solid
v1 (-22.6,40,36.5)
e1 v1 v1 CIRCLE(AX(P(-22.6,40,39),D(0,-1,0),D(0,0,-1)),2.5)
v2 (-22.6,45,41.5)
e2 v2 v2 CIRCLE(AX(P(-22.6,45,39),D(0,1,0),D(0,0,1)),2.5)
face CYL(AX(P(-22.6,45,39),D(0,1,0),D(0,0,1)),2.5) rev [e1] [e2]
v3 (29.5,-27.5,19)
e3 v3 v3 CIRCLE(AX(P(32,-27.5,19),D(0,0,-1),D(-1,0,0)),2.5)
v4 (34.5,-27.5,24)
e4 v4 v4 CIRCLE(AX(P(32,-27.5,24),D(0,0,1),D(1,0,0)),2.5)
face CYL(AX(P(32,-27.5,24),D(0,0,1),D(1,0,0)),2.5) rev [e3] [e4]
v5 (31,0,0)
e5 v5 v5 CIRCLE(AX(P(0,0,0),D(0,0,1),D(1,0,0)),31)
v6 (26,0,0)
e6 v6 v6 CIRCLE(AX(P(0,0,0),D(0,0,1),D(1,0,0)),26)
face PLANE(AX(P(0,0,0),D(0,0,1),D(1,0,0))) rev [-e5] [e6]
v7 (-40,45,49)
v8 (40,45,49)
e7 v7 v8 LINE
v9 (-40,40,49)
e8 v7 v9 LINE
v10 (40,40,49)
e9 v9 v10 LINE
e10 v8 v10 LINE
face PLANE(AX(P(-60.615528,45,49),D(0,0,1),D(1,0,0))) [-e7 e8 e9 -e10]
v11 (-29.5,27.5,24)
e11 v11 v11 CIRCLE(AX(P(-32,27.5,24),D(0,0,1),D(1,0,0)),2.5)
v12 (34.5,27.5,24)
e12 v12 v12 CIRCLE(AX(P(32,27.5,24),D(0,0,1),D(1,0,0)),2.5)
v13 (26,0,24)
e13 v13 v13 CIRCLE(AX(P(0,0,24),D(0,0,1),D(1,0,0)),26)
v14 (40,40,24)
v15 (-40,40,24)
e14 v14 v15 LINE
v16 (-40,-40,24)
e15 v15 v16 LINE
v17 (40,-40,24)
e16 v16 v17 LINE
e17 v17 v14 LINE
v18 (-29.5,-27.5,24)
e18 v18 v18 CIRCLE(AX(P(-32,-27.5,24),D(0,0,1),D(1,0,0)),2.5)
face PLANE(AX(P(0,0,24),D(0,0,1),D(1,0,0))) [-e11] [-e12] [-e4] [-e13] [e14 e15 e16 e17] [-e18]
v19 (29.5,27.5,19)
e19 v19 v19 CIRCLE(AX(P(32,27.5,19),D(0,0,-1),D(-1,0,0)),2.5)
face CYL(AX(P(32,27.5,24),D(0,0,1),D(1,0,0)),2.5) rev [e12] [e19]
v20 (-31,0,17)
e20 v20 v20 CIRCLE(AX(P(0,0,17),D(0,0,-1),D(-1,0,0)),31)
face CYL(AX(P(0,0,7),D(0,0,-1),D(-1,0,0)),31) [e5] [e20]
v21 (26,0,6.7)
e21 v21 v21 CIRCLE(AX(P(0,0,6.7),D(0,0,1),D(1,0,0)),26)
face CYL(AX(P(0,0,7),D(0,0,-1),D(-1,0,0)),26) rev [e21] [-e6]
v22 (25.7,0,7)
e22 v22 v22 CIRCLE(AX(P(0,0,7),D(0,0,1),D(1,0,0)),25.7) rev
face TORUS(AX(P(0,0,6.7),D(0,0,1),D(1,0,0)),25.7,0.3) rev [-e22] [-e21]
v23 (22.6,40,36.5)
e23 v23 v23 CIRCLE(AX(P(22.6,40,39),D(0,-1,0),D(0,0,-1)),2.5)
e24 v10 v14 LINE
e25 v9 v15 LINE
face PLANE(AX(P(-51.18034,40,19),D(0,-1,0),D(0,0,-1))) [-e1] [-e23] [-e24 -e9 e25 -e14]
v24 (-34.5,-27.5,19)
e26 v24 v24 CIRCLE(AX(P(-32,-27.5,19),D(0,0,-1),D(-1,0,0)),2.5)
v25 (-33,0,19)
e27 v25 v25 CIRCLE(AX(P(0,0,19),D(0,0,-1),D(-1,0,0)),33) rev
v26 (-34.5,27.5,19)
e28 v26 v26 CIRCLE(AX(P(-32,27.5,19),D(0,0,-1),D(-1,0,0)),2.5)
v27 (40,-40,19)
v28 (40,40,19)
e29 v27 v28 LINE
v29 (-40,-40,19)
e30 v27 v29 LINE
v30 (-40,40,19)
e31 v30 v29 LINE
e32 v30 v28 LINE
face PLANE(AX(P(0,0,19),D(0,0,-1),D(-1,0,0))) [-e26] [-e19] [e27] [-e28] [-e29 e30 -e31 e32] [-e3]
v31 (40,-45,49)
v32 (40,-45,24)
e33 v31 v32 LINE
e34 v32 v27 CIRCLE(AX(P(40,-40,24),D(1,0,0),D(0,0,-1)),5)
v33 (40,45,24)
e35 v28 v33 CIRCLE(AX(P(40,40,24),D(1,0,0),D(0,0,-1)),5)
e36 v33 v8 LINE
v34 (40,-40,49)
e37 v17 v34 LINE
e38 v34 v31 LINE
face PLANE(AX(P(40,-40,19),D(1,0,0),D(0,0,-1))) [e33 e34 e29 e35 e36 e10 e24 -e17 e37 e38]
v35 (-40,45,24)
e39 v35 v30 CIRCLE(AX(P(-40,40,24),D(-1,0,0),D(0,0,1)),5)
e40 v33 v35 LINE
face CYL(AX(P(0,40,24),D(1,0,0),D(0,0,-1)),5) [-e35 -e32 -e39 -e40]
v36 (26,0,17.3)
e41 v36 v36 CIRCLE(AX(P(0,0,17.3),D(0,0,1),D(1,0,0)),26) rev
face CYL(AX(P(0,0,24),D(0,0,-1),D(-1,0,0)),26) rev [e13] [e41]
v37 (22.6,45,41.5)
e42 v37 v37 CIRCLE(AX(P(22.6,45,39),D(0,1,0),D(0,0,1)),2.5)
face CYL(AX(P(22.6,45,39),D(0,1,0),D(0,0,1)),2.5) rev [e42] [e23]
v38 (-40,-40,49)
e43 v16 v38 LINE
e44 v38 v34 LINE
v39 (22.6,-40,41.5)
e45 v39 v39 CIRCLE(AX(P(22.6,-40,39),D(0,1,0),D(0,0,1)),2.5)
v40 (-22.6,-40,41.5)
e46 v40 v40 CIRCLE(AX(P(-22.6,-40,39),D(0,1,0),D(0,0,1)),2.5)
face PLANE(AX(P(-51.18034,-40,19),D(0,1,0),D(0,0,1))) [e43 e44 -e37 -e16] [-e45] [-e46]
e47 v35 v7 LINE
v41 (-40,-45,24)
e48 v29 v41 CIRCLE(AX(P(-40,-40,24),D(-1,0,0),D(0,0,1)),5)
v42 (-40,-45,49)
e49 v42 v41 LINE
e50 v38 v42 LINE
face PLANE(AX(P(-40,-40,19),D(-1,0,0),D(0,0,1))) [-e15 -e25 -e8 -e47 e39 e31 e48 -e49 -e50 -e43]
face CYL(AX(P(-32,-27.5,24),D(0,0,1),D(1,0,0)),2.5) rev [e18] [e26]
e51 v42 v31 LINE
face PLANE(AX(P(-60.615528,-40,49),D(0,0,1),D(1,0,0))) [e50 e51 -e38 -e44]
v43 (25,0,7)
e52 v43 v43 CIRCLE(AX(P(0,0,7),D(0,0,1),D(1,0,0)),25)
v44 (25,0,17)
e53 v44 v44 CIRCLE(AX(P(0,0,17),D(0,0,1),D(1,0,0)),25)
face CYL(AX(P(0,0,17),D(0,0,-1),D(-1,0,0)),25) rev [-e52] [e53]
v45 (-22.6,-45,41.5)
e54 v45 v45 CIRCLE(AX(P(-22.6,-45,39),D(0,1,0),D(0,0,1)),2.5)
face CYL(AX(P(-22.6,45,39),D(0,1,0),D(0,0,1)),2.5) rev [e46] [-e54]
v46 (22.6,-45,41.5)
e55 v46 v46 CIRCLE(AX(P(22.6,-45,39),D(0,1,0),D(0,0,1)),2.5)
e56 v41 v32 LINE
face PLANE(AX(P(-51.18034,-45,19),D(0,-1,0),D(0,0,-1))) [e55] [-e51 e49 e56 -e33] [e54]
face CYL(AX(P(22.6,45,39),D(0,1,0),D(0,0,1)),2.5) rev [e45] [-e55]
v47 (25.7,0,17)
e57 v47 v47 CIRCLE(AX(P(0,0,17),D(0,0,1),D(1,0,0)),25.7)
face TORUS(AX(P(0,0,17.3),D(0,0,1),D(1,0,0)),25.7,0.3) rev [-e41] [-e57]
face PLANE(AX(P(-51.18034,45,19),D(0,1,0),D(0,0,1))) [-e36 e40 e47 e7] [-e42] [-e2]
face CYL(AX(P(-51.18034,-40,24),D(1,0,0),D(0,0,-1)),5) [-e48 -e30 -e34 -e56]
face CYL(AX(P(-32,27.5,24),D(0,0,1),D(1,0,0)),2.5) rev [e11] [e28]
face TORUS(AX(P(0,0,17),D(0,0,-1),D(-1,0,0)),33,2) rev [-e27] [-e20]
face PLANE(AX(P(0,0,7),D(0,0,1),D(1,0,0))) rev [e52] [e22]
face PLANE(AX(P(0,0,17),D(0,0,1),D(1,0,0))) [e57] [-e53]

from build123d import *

# Parameters (mm, degrees)
SKETCH1_R             = 31
SKETCH1_R_2           = 26
BOSS_EXTRUDE1_DEPTH   = 7
SKETCH2_R             = 31
SKETCH2_R_2           = 25
BOSS_EXTRUDE3_DEPTH   = 10
SKETCH3_R             = 31
SKETCH3_R_2           = 26
BOSS_EXTRUDE4_DEPTH   = 7
FILLET1_R             = 0.3
SKETCH4_W             = 80
SKETCH4_H             = 80
SKETCH4_R             = 31
BOSS_EXTRUDE5_DEPTH   = 5
FILLET2_R             = 2
M6X1_0_TAPPED_HOLE1_D = 5
SKETCH7_W             = 10
SKETCH7_H             = 5
BOSS_EXTRUDE6_DEPTH   = 80
FILLET3_R             = 5
SKETCH8_W             = 20
SKETCH8_H             = 5
BOSS_EXTRUDE7_DEPTH   = 80
M6X1_0_TAPPED_HOLE2_D = 5


with BuildPart() as part:
    # Sketch1 → Boss-Extrude1 (new body)
    with BuildSketch(Plane.XY):
        Circle(SKETCH1_R)
        Circle(SKETCH1_R_2, mode=Mode.SUBTRACT)
    extrude(amount=BOSS_EXTRUDE1_DEPTH)

    # Sketch2 → Boss-Extrude3 (add)
    with BuildSketch(Plane.XY.offset(7)):
        Circle(SKETCH2_R)
        Circle(SKETCH2_R_2, mode=Mode.SUBTRACT)
    extrude(amount=BOSS_EXTRUDE3_DEPTH)

    # Sketch3 → Boss-Extrude4 (add)
    with BuildSketch(Plane.XY.offset(17)):
        Circle(SKETCH3_R)
        Circle(SKETCH3_R_2, mode=Mode.SUBTRACT)
    extrude(amount=BOSS_EXTRUDE4_DEPTH)

    # Fillet1
    fillet1_edges = [part.edges().sort_by_distance(p)[0] for p in [
        (-26, 0, 7),
        (-26, 0, 17),
    ]]
    fillet(fillet1_edges, radius=FILLET1_R)

    # Sketch4 → Boss-Extrude5 (add)
    with BuildSketch(Plane.XY.offset(24)):
        Rectangle(SKETCH4_W, SKETCH4_H)
        Circle(SKETCH4_R, mode=Mode.SUBTRACT)
    extrude(amount=-BOSS_EXTRUDE5_DEPTH)

    # Fillet2
    fillet2_edges = [part.edges().sort_by_distance(p)[0] for p in [
        (-31, 0, 19),
    ]]
    fillet(fillet2_edges, radius=FILLET2_R)

    # M6x1.0 Tapped Hole1 (through all)
    with Locations(Plane.XY.offset(24)):
        with Locations((-32, 27.5), (32, 27.5), (32, -27.5), (-32, -27.5)):
            Hole(M6X1_0_TAPPED_HOLE1_D / 2)

    # Sketch7 → Boss-Extrude6 (add)
    with BuildSketch(Plane(origin=(40, 0, 0), x_dir=(0, 0, -1), z_dir=(1, 0, 0))):
        with Locations((-24, 42.5)):
            Rectangle(SKETCH7_W, SKETCH7_H)
        with Locations((-24, -42.5)):
            Rectangle(SKETCH7_W, SKETCH7_H)
    extrude(amount=-BOSS_EXTRUDE6_DEPTH)

    # Fillet3
    fillet3_edges = [part.edges().sort_by_distance(p)[0] for p in [
        (0, 45, 19),
        (0, -45, 19),
    ]]
    fillet(fillet3_edges, radius=FILLET3_R)

    # Sketch8 → Boss-Extrude7 (add)
    with BuildSketch(Plane(origin=(40, 0, 0), x_dir=(0, 0, -1), z_dir=(1, 0, 0))):
        with Locations((-39, 42.5)):
            Rectangle(SKETCH8_W, SKETCH8_H)
        with Locations((-39, -42.5)):
            Rectangle(SKETCH8_W, SKETCH8_H)
    extrude(amount=-BOSS_EXTRUDE7_DEPTH)

    # M6x1.0 Tapped Hole2 (through all)
    with Locations(Plane(origin=(0, 45, 0), x_dir=(1, 0, 0), z_dir=(0, 1, 0))):
        with Locations((-22.6, -39), (22.6, -39)):
            Hole(M6X1_0_TAPPED_HOLE2_D / 2)


solid = part.part
